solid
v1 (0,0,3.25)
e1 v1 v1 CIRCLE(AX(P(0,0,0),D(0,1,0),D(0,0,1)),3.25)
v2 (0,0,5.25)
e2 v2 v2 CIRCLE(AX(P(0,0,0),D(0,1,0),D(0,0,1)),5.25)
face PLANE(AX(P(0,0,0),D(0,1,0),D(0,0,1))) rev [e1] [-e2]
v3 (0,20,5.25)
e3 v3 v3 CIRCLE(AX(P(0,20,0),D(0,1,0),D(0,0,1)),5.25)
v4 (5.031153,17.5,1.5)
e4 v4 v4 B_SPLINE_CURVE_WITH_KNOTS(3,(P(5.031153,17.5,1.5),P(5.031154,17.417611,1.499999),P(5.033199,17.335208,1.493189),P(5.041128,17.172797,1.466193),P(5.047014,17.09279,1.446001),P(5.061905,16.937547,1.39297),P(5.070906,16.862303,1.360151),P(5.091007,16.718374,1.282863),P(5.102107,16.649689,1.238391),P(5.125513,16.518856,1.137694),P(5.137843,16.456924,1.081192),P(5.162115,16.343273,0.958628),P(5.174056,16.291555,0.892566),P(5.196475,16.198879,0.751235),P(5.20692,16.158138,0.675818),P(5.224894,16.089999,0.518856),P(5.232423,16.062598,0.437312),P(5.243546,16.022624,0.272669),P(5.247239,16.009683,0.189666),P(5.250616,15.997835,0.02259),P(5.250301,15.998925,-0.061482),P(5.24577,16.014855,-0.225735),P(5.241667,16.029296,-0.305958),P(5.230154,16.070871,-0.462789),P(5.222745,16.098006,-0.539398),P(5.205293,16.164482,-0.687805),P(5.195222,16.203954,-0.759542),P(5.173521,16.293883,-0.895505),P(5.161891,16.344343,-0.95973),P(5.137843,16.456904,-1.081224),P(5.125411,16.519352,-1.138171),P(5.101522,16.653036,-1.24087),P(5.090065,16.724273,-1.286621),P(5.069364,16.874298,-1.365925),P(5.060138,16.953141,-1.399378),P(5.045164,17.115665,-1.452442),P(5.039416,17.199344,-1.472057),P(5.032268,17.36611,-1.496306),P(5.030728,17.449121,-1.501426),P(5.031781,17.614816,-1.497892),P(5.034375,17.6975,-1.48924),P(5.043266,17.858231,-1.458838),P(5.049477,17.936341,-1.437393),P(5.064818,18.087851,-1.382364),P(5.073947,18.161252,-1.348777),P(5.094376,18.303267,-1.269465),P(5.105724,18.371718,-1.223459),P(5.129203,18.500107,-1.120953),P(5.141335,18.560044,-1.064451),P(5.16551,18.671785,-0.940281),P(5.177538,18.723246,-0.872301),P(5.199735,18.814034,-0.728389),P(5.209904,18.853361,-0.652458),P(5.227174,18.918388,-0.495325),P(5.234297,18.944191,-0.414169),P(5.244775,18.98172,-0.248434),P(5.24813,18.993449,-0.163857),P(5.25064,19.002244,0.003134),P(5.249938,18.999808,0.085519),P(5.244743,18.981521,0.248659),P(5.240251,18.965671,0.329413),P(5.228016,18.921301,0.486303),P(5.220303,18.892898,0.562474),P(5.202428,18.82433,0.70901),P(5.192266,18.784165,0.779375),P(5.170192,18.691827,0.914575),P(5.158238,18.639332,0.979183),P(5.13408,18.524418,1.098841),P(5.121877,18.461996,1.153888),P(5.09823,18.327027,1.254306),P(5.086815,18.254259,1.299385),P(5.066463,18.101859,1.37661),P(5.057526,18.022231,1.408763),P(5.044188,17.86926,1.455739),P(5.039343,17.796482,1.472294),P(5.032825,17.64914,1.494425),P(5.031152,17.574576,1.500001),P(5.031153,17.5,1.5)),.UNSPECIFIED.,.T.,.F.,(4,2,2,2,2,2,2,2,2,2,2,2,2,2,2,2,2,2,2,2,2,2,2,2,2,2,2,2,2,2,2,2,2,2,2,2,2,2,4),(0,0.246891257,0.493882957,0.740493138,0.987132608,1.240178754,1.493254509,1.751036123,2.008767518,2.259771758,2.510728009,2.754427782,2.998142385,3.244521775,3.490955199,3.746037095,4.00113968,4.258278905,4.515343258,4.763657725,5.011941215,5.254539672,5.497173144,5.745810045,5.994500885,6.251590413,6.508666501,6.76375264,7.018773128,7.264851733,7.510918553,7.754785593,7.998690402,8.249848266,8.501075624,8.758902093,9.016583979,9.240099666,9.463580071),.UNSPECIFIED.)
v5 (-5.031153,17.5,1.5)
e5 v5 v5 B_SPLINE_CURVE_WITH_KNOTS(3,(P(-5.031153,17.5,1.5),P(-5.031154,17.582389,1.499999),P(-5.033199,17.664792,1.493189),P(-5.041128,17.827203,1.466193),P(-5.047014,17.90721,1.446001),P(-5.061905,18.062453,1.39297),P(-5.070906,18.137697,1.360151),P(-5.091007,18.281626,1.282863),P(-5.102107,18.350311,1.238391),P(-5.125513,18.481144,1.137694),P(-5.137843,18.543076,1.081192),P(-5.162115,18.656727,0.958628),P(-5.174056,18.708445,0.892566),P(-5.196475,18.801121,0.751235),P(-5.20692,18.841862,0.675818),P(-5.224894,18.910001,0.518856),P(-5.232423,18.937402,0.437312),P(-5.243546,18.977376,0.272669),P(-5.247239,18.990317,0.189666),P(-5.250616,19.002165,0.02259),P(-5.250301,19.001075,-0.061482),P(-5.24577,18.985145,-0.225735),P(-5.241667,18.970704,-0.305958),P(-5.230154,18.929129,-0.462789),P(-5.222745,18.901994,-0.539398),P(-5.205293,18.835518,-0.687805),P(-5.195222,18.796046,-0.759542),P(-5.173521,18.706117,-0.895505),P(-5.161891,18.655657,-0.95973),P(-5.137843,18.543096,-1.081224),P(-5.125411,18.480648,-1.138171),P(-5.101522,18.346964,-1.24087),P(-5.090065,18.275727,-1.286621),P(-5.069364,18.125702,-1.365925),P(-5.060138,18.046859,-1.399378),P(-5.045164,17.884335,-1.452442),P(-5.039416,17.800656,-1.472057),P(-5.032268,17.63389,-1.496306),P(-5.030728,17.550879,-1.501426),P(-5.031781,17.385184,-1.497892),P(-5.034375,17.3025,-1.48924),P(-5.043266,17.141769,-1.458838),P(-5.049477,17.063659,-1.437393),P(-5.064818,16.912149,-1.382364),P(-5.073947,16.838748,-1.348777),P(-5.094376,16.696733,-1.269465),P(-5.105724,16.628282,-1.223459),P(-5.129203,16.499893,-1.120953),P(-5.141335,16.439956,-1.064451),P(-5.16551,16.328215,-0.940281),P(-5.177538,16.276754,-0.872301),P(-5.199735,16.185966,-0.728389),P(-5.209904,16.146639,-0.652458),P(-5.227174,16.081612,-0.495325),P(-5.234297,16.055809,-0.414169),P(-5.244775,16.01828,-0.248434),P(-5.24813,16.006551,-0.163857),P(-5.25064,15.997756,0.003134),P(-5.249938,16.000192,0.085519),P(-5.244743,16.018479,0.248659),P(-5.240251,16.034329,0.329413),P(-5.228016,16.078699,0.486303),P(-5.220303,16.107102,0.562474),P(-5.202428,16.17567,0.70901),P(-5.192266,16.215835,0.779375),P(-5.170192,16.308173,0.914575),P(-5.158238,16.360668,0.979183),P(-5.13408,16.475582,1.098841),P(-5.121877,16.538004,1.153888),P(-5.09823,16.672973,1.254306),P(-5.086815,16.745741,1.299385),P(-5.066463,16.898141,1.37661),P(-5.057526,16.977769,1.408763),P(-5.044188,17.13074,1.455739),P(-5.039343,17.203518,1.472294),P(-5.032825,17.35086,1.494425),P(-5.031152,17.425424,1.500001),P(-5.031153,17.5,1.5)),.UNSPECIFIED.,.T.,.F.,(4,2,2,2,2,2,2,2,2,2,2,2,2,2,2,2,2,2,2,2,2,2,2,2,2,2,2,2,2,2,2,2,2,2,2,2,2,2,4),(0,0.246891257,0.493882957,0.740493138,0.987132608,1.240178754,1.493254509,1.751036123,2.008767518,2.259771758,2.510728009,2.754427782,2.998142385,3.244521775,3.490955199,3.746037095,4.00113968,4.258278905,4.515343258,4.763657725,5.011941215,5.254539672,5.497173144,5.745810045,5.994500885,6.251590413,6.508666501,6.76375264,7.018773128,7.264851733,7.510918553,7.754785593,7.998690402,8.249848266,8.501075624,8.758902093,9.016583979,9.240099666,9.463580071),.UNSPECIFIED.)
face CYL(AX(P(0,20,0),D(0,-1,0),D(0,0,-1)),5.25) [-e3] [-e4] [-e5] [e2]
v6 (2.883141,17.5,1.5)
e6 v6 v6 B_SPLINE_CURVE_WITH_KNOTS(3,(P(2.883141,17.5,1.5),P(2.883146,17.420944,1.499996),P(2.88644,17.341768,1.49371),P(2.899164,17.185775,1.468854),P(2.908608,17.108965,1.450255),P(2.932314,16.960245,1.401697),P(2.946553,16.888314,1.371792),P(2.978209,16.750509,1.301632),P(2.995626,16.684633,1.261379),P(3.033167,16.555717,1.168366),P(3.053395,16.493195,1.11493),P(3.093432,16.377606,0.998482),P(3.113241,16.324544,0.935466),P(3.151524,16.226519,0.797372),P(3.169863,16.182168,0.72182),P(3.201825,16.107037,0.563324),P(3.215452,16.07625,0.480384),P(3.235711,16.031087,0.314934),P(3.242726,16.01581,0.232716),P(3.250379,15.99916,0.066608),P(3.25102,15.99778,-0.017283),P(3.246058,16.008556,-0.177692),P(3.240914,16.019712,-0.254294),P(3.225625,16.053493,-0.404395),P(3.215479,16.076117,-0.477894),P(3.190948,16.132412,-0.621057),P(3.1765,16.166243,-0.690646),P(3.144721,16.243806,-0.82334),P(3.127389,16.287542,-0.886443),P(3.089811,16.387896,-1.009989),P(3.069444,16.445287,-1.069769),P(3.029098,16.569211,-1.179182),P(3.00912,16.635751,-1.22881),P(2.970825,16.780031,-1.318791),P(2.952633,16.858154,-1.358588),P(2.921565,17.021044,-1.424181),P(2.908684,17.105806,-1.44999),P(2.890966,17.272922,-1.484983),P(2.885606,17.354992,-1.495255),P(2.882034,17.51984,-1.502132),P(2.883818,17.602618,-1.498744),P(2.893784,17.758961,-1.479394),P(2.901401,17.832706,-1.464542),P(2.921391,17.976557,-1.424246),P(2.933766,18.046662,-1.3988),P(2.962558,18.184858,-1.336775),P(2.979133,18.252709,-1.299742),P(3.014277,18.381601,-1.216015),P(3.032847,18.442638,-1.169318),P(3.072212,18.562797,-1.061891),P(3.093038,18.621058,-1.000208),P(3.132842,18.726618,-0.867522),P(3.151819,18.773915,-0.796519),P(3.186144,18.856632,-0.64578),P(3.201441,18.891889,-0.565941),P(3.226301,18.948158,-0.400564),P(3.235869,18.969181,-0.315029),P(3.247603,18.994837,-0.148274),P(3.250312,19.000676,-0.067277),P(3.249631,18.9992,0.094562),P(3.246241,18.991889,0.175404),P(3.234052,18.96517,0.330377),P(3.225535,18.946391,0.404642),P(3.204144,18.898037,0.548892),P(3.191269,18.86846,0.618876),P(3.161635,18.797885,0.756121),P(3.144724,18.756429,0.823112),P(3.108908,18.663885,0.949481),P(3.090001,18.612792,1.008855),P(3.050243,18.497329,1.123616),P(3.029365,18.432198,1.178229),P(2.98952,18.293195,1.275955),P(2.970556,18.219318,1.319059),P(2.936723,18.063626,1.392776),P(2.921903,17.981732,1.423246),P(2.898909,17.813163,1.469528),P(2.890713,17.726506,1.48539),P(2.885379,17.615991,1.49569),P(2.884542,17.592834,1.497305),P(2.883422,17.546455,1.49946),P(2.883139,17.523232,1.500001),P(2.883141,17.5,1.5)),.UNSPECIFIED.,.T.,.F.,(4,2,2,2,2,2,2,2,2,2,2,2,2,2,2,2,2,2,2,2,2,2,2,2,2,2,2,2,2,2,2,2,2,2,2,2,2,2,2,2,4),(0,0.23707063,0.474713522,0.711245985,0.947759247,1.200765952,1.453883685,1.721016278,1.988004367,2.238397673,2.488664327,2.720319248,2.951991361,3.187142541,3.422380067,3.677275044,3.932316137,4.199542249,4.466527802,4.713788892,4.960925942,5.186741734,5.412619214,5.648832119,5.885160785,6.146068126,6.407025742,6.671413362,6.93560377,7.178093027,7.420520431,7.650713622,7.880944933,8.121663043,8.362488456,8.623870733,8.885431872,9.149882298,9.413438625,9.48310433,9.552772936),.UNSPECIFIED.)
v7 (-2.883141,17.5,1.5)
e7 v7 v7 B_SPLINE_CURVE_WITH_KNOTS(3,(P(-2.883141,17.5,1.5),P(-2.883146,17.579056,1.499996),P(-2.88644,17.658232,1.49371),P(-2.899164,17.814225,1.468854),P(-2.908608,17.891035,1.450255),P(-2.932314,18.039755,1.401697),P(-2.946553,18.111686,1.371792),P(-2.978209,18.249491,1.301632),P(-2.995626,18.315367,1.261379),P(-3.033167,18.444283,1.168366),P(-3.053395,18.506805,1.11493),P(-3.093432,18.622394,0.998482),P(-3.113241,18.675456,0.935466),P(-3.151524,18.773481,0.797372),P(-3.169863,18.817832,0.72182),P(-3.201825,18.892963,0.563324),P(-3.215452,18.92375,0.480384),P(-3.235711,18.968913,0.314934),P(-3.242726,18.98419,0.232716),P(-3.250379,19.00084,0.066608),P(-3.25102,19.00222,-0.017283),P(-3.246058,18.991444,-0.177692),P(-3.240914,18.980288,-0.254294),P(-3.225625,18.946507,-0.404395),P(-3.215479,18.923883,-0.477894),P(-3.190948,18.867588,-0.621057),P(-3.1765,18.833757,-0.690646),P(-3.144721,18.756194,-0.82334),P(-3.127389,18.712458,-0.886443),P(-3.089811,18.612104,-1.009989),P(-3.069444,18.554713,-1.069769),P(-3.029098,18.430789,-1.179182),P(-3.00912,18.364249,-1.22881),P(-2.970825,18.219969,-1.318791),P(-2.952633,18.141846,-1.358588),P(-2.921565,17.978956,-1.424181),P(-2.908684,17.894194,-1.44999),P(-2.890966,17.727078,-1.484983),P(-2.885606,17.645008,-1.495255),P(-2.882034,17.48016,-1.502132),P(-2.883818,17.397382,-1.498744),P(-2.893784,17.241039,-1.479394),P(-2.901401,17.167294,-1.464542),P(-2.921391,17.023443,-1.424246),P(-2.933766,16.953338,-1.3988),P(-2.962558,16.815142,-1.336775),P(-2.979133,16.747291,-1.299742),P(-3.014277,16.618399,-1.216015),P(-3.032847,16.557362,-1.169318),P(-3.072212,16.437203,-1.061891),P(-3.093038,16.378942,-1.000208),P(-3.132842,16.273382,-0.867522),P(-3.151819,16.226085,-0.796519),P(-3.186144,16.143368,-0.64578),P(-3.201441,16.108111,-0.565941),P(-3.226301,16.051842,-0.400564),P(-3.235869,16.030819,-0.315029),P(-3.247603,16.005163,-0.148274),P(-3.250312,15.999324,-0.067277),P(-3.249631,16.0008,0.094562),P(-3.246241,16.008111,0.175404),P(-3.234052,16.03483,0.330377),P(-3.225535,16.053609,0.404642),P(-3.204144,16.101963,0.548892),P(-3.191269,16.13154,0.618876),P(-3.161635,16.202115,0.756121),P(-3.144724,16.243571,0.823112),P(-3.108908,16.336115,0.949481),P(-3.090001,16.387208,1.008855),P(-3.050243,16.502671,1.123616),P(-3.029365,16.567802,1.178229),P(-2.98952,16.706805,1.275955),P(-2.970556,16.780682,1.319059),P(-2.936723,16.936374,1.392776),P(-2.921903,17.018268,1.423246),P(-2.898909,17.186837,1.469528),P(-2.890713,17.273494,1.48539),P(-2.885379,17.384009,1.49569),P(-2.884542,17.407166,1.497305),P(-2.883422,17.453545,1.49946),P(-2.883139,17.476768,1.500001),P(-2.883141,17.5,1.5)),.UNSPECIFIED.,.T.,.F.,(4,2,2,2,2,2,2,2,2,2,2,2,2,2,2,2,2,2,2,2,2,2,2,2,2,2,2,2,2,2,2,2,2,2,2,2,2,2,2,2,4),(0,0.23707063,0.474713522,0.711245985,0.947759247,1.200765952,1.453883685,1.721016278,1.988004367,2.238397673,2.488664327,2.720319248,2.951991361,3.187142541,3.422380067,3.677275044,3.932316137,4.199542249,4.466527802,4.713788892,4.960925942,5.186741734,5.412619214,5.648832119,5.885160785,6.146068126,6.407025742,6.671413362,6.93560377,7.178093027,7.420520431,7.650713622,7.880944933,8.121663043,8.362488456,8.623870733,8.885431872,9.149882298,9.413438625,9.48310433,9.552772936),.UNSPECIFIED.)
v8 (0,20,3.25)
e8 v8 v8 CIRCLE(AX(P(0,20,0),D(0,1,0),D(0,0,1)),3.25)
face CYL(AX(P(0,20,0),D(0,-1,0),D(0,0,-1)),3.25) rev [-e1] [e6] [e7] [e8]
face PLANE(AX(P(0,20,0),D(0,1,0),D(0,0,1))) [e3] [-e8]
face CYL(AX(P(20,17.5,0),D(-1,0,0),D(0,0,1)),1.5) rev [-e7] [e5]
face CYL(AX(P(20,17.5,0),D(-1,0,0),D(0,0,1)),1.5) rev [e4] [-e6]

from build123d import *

# Parameters (mm, degrees)
SKETCH1_R               = 5.25
SKETCH1_R_2             = 3.25
BOSS_EXTRUDE1_DEPTH     = 20
CUT_EXTRUDE1_DEPTH      = 20
CUT_EXTRUDE1_DEPTH_BACK = 20
SKETCH2_R               = 1.5


with BuildPart() as part:
    # Sketch1 → Boss-Extrude1 (new body)
    with BuildSketch(Plane(origin=(0, 0, 0), x_dir=(1, 0, 0), z_dir=(0, 1, 0))):
        Circle(SKETCH1_R)
        Circle(SKETCH1_R_2, mode=Mode.SUBTRACT)
    extrude(amount=BOSS_EXTRUDE1_DEPTH)

    # Sketch2 → Cut-Extrude1 (cut, two sides: drawn at the far end of the back side and taken through both)
    with BuildSketch(Plane(origin=(0, 0, 0), x_dir=(0, 0, -1), z_dir=(1, 0, 0)).offset(-CUT_EXTRUDE1_DEPTH_BACK)):
        with Locations((0, 17.5)):
            Circle(SKETCH2_R)
    extrude(amount=CUT_EXTRUDE1_DEPTH + CUT_EXTRUDE1_DEPTH_BACK, mode=Mode.SUBTRACT)


solid = part.part
